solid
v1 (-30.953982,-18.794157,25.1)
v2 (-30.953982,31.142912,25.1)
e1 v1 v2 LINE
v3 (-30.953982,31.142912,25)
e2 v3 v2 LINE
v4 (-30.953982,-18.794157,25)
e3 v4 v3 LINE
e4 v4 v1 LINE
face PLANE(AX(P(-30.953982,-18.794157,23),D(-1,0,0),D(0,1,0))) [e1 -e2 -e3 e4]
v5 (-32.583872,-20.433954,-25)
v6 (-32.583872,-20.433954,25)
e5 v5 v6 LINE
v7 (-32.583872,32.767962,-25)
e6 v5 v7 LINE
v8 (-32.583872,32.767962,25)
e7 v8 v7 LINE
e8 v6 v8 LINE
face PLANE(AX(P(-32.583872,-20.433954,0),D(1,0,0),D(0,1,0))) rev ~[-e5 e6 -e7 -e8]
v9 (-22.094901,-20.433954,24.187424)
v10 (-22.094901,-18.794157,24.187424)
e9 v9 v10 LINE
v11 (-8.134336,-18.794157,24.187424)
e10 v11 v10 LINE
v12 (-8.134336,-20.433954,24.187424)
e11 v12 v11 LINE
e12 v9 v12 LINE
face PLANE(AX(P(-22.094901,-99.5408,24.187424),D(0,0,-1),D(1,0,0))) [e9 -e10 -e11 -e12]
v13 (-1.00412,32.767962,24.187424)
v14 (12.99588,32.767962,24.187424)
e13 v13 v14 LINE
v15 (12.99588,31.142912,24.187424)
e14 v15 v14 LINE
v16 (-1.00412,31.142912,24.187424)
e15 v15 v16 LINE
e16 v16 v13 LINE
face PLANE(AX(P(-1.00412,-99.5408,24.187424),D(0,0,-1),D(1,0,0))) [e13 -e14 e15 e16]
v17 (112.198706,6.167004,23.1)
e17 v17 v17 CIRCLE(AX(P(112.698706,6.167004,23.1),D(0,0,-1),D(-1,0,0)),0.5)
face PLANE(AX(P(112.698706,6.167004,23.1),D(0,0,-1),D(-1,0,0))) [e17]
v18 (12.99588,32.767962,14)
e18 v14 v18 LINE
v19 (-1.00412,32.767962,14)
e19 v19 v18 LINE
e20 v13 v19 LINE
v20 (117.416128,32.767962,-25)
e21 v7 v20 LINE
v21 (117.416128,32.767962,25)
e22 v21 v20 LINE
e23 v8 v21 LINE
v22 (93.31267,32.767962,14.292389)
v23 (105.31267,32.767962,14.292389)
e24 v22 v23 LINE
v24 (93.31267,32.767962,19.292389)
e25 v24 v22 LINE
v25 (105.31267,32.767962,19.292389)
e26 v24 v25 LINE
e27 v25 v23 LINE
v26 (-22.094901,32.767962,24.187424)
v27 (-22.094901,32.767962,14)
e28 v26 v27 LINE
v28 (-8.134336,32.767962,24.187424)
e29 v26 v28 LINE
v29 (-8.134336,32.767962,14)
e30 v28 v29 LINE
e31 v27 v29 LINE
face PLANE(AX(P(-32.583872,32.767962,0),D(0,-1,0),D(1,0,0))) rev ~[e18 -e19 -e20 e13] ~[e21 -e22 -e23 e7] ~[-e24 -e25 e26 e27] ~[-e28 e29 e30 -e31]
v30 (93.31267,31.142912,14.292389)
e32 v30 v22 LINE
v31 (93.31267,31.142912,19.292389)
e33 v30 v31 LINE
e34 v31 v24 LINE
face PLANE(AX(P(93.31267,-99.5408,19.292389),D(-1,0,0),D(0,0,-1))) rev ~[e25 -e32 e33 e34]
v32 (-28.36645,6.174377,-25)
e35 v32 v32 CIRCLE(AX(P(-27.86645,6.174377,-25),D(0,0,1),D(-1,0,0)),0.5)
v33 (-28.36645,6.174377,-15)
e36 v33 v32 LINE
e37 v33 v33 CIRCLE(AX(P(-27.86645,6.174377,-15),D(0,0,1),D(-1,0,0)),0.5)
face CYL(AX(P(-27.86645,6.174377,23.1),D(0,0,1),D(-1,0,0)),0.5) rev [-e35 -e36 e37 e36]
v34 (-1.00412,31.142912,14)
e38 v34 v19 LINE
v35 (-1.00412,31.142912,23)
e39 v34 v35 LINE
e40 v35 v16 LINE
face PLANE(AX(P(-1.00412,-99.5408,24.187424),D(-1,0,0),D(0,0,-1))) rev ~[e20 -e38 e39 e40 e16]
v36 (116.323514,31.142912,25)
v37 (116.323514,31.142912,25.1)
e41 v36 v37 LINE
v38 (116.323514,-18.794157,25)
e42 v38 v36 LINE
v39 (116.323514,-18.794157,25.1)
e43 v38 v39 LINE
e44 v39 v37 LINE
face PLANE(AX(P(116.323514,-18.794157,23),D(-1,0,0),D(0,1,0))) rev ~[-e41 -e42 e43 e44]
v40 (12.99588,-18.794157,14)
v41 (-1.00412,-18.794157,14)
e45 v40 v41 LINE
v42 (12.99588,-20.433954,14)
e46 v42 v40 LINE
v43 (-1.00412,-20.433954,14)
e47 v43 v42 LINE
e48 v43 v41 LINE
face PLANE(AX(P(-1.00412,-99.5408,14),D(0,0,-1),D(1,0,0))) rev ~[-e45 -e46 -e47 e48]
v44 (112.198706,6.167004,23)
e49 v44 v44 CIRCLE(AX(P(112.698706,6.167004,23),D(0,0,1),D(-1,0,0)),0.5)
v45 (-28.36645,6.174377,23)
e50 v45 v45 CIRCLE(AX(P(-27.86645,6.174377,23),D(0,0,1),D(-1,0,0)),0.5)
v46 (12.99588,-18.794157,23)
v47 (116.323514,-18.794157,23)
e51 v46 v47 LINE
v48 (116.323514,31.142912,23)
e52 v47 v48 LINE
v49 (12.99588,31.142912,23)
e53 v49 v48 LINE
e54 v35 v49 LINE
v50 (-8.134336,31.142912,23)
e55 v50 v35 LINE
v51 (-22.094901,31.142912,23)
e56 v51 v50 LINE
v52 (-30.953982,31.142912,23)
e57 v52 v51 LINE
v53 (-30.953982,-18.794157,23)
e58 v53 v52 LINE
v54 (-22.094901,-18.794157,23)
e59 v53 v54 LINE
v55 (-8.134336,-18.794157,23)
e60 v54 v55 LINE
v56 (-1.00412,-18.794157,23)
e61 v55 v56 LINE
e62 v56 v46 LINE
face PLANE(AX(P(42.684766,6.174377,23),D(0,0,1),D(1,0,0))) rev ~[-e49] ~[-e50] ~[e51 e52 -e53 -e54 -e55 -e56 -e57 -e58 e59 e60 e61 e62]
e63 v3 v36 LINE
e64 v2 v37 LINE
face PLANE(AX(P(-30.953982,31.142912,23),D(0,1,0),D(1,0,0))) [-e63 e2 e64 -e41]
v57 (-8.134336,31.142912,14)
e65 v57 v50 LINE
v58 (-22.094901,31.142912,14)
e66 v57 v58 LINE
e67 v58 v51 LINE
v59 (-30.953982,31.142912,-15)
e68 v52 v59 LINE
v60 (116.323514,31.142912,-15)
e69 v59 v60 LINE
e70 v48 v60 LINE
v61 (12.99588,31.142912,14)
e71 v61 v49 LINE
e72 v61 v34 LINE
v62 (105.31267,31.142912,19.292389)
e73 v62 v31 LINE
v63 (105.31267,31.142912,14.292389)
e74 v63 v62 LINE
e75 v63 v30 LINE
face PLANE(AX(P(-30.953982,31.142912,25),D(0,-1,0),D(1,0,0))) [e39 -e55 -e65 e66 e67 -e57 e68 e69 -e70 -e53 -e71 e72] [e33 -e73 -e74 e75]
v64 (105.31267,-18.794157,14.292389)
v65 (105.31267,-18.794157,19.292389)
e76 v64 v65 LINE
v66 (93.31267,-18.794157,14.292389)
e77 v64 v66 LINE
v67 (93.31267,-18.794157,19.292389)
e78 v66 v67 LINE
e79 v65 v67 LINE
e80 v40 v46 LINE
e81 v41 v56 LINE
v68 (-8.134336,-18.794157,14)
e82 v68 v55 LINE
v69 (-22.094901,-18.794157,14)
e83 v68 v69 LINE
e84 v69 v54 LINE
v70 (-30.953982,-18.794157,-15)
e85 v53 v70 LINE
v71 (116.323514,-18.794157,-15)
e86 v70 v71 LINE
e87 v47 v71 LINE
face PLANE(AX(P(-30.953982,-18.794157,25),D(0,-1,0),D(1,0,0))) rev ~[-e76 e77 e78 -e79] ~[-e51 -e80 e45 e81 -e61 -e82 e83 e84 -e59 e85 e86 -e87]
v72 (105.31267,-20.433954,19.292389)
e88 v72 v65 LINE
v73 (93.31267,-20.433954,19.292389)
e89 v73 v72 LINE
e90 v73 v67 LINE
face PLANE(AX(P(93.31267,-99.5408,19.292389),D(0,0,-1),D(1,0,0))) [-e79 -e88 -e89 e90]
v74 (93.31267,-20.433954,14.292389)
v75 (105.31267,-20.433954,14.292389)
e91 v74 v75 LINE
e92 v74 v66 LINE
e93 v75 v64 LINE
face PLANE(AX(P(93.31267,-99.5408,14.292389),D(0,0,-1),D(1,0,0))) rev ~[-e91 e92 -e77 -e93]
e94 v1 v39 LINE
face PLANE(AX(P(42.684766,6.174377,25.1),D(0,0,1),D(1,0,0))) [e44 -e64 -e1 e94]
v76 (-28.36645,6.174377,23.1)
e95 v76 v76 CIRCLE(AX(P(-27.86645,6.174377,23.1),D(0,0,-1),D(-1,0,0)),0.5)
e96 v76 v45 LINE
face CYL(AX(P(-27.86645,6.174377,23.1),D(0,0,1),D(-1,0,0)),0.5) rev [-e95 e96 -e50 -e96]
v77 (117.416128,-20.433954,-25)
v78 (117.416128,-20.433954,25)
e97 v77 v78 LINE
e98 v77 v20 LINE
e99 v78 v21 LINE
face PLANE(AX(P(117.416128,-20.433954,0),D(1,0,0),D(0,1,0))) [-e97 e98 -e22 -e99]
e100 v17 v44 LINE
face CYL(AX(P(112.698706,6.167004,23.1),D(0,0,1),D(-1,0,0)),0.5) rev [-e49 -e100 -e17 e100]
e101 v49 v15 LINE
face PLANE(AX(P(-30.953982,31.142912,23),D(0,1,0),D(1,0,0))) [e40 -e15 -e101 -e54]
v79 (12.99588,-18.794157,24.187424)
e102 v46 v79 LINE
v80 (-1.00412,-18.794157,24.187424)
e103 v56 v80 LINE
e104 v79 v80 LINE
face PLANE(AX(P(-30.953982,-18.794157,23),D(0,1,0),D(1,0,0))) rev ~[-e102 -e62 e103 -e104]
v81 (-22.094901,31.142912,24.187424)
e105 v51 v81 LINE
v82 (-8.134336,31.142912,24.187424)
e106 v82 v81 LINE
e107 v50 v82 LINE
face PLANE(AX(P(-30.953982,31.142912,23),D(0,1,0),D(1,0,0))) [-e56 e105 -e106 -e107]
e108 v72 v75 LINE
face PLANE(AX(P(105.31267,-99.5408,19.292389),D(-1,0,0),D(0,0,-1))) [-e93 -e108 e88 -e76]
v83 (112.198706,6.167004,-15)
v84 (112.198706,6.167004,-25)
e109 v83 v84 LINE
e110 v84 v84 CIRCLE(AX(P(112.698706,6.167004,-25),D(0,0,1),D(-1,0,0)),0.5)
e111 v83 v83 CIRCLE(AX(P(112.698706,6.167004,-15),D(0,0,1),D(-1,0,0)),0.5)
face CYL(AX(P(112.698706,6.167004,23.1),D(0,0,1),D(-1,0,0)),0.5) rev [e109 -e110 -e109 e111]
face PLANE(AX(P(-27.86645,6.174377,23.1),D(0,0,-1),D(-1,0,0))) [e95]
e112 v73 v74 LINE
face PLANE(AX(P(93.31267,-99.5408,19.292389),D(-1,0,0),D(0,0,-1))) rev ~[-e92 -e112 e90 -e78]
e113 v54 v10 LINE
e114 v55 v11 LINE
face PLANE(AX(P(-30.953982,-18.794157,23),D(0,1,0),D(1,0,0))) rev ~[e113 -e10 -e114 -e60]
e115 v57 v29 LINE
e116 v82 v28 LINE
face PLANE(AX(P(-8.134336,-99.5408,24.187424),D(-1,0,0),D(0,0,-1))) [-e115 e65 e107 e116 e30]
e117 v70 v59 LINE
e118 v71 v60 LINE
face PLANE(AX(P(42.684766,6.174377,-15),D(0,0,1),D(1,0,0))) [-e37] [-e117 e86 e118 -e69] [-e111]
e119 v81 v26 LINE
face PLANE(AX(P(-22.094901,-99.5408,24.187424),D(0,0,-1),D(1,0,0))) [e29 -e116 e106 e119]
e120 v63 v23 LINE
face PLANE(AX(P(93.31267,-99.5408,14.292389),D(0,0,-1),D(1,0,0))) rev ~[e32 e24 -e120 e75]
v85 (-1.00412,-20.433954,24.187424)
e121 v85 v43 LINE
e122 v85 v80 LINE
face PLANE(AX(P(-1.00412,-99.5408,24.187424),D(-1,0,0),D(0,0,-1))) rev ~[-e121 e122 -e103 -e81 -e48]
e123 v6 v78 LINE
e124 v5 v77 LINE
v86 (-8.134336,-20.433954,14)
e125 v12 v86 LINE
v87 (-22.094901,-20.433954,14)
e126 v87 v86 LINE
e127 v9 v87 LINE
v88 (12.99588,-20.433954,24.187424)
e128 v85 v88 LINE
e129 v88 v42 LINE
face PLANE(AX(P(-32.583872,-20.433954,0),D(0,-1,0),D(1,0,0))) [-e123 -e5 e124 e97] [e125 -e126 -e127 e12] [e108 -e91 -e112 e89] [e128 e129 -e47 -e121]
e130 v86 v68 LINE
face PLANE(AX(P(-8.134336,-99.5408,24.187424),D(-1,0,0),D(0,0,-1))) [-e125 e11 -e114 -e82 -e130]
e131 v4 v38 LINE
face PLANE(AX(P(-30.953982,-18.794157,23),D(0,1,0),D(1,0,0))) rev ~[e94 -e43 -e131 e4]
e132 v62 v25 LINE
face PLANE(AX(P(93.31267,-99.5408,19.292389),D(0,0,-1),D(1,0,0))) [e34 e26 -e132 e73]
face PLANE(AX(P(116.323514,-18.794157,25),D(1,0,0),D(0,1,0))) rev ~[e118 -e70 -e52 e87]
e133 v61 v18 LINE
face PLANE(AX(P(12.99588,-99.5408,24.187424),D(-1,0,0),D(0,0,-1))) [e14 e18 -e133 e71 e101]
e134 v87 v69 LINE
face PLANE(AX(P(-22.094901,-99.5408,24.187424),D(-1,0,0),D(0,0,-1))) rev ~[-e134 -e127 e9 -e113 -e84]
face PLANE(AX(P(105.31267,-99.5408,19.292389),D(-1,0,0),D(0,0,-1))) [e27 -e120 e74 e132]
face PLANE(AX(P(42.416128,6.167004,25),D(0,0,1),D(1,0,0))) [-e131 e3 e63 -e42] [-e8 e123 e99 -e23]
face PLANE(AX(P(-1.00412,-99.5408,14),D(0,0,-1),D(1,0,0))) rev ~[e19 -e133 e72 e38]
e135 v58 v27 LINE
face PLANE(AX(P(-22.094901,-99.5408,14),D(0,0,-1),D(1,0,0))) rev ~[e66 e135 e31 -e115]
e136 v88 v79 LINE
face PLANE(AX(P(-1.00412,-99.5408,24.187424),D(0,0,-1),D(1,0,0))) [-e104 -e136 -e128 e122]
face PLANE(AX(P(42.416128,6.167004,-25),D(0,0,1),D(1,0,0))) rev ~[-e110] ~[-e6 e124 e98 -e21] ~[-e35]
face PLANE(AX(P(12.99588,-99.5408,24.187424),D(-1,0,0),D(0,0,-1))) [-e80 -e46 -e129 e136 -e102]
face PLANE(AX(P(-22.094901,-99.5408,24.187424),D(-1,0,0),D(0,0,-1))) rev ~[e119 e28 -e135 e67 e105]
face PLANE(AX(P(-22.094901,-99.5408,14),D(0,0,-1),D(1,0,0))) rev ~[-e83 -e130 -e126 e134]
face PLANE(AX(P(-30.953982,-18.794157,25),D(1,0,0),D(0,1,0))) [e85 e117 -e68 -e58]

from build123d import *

# Parameters (mm, degrees)
SKETCH_1_W                = 150
SKETCH_1_H                = 53.201915286
EXTRUDE_1_DEPTH           = 25
CUT_EXTRUDE_4_DEPTH       = 132.308761728
CUT_EXTRUDE_4_DEPTH_BACK  = 132.308761728
SKETCH_2_W                = 13.960564471
SKETCH_2_H                = 10.187423892
SKETCH_2_W_2              = 14
SKETCH_2_W_3              = 12
SKETCH_2_H_2              = 5
SKETCH_4_W                = 147.277496434
SKETCH_4_H                = 49.937069792
CUT_EXTRUDE_9_DEPTH       = 40
EXTRUDE_2_DEPTH           = 0.1
EXTRUDE_2_DEPTH_BACK      = 2
SKETCH_6_W                = 147.277496434
SKETCH_6_H                = 49.937069792
CUT_EXTRUDE_11_DEPTH      = 132.012543018
CUT_EXTRUDE_11_DEPTH_BACK = 0.1
SKETCH_7_R                = 0.5


with BuildPart() as part:
    # 草图1 → 凸台-拉伸1 (new, symmetric)
    with BuildSketch(Plane.XY):
        with Locations((42.416128008, 6.167004021)):
            Rectangle(SKETCH_1_W, SKETCH_1_H)
    extrude(amount=EXTRUDE_1_DEPTH, both=True)

    # 草图2 → 切除-拉伸4 (cut, two sides: drawn at the far end of the back side and taken through both)
    with BuildSketch(Plane(origin=(0, 32.767961664, 0), x_dir=(1, 0, 0), z_dir=(0, 1, 0)).offset(-CUT_EXTRUDE_4_DEPTH_BACK)):
        with Locations((-15.114618297, -19.093711946)):
            Rectangle(SKETCH_2_W, SKETCH_2_H)
        with Locations((5.995879761, -19.093711946)):
            Rectangle(SKETCH_2_W_2, SKETCH_2_H)
        with Locations((99.312670009, -16.792388629)):
            Rectangle(SKETCH_2_W_3, SKETCH_2_H_2)
    extrude(amount=CUT_EXTRUDE_4_DEPTH + CUT_EXTRUDE_4_DEPTH_BACK, mode=Mode.SUBTRACT)

    # 草图4 → 切除-拉伸9 (cut)
    with BuildSketch(Plane.XY.offset(25)):
        with Locations((42.684765752, 6.174377474)):
            Rectangle(SKETCH_4_W, SKETCH_4_H)
    extrude(amount=-CUT_EXTRUDE_9_DEPTH, mode=Mode.SUBTRACT)

    # 草图6 → 凸台-拉伸2 (add, two sides: drawn at the far end of the back side and taken through both)
    with BuildSketch(Plane.XY.offset(25).offset(-EXTRUDE_2_DEPTH_BACK)):
        with Locations((42.684765752, 6.174377474)):
            Rectangle(SKETCH_6_W, SKETCH_6_H)
    extrude(amount=EXTRUDE_2_DEPTH + EXTRUDE_2_DEPTH_BACK)

    # 草图7 → 切除-拉伸11 (cut, two sides: drawn at the far end of the back side and taken through both)
    with BuildSketch(Plane(origin=(0, 0, 23), x_dir=(-1, 0, 0), z_dir=(0, 0, -1)).offset(-CUT_EXTRUDE_11_DEPTH_BACK)):
        with Locations((-112.698705999, 6.167004021)):
            Circle(SKETCH_7_R)
        with Locations((27.866449983, 6.174377474)):
            Circle(SKETCH_7_R)
    extrude(amount=CUT_EXTRUDE_11_DEPTH + CUT_EXTRUDE_11_DEPTH_BACK, mode=Mode.SUBTRACT)


solid = part.part
